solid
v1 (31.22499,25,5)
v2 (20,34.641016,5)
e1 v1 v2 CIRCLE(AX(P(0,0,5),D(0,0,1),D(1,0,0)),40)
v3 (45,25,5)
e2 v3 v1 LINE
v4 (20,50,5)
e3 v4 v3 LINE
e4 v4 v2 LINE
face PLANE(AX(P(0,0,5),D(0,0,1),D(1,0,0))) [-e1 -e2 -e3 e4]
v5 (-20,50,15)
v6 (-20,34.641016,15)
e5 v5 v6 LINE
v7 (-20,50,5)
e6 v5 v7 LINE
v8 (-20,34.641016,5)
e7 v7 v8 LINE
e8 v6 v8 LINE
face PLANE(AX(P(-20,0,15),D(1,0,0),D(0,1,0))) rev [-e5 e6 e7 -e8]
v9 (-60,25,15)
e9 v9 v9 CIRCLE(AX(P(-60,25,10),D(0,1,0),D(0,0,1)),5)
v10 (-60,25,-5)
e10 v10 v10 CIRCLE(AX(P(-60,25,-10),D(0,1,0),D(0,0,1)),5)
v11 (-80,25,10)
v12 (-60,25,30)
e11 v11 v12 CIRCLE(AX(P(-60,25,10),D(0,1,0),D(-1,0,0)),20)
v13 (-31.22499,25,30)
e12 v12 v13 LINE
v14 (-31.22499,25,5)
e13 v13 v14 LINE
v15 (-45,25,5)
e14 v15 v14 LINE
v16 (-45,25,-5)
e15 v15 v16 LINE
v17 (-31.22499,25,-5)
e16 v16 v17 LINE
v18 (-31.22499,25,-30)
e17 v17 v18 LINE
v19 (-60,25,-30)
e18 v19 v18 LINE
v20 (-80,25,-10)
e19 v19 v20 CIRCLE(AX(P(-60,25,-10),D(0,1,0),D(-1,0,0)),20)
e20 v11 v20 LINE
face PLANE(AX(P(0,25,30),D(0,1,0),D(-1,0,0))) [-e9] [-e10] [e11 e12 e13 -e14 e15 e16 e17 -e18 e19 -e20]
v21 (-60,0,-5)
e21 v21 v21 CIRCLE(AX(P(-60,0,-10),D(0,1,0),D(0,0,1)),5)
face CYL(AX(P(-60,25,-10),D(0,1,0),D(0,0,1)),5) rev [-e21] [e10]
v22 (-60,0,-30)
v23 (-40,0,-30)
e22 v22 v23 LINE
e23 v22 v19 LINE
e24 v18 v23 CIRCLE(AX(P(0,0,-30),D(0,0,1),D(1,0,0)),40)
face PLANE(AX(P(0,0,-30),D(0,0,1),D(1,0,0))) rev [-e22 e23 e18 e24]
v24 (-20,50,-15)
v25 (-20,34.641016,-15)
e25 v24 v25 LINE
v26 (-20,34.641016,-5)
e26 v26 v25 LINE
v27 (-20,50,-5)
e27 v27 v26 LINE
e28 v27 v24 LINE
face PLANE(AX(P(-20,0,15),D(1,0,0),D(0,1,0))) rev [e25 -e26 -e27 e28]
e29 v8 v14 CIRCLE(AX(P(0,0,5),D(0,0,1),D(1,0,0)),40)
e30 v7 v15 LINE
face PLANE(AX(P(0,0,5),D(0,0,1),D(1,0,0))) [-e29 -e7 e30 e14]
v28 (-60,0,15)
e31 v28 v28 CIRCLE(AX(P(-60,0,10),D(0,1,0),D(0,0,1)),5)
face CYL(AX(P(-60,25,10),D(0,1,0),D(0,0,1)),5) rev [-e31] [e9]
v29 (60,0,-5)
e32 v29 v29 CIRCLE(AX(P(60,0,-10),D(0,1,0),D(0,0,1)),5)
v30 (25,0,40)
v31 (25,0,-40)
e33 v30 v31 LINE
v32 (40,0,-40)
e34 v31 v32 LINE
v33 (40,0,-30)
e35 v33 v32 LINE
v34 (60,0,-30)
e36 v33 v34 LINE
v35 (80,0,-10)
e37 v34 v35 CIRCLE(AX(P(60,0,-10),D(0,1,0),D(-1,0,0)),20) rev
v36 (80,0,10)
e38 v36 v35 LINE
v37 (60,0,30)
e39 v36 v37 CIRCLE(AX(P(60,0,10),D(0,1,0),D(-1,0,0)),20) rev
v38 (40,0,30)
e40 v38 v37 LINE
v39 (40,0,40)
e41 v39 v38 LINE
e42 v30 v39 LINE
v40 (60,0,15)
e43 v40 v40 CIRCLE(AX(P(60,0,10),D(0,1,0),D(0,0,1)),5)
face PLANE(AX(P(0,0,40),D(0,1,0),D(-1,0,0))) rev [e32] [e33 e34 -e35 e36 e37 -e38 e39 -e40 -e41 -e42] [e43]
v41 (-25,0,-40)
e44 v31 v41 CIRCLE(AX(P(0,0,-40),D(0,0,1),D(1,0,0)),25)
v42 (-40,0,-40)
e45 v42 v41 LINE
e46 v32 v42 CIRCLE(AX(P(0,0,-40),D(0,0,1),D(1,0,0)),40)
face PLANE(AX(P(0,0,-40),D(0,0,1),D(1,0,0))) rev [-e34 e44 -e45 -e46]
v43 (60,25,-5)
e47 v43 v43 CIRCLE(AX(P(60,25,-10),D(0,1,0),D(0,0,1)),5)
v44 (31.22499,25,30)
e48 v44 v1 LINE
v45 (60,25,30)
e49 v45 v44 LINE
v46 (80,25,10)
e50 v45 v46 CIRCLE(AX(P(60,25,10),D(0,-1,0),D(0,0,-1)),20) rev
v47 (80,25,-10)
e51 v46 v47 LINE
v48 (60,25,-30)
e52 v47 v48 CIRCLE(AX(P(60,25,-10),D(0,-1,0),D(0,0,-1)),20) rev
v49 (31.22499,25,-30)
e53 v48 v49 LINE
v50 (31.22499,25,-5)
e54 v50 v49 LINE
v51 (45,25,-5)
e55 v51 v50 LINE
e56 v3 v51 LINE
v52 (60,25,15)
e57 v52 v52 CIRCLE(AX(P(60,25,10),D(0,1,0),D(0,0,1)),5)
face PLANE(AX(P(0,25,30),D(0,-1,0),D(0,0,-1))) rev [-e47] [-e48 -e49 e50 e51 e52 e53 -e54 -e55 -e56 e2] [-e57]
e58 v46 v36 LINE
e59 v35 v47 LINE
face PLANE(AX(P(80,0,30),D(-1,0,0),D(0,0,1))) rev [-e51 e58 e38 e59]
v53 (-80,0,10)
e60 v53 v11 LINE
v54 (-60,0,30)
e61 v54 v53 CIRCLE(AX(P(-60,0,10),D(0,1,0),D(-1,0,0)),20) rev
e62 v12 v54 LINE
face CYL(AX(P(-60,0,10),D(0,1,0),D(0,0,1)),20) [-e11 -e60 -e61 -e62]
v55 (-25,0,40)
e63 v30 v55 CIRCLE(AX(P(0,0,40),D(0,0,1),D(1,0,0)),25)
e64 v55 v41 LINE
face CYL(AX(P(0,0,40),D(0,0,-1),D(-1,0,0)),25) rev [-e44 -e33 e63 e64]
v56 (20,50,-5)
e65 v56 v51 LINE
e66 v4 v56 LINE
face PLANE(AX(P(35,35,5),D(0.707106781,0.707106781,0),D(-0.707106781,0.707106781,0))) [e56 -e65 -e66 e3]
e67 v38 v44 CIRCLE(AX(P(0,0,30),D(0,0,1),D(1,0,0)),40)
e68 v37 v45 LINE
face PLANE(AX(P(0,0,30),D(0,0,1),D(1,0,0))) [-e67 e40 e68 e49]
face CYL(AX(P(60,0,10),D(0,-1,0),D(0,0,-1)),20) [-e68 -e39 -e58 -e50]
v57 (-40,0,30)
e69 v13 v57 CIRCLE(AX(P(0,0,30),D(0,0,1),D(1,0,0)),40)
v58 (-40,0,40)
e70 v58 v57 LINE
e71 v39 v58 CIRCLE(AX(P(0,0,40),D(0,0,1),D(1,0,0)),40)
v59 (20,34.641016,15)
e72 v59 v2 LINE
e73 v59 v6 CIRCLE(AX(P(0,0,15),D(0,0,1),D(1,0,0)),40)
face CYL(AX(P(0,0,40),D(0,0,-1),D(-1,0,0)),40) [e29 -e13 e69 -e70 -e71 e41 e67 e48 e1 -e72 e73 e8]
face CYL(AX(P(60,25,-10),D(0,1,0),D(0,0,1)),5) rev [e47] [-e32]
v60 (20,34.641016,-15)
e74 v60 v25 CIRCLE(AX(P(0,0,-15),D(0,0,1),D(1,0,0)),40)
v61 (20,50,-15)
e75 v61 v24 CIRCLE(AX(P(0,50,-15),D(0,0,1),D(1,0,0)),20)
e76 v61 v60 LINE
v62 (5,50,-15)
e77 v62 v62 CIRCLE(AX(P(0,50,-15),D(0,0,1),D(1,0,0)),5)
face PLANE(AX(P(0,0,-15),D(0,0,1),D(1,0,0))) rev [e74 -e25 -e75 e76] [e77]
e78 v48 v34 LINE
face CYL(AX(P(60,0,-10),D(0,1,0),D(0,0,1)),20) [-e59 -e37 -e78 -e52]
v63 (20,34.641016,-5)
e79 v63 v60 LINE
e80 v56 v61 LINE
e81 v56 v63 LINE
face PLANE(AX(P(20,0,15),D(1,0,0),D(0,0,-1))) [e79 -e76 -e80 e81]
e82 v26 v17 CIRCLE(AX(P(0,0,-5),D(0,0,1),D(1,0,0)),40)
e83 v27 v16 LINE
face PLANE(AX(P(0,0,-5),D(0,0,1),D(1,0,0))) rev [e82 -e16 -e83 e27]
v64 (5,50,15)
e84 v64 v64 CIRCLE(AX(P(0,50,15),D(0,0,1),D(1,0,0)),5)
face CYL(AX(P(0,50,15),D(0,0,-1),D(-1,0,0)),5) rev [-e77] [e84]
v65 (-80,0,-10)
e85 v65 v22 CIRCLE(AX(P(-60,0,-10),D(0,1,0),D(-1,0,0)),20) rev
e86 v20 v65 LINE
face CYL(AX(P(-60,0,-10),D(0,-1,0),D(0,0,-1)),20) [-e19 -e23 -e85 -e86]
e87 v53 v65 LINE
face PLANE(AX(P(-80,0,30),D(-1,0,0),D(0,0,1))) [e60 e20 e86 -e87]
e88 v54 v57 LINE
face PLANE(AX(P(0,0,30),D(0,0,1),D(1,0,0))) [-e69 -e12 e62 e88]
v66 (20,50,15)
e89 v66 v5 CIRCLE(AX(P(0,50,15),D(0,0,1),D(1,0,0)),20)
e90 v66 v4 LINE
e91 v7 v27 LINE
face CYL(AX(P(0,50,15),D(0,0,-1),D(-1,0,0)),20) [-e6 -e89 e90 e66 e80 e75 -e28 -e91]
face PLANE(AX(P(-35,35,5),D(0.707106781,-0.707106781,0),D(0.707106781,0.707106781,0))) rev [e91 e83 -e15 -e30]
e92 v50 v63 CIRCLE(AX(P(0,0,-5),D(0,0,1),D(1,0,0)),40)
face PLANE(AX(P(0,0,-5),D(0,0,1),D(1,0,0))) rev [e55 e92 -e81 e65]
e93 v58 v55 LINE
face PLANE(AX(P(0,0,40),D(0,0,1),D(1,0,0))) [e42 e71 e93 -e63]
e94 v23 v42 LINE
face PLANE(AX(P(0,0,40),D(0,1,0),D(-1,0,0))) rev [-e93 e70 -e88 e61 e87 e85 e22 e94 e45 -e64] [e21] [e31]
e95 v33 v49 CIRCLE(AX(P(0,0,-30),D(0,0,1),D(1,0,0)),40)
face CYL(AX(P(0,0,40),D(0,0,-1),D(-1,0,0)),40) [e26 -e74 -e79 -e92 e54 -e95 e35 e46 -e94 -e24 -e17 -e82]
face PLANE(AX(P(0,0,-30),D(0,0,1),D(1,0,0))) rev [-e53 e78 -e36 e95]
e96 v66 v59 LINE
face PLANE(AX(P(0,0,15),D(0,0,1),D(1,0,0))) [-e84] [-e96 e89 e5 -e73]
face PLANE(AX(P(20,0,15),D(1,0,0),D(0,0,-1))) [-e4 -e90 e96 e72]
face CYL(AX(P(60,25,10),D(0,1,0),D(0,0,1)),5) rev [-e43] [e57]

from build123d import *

# Parameters (mm, degrees)
BOSS_EXTRUDE1_DEPTH        = 40
BOSS_EXTRUDE2_DEPTH        = 30
BOSS_EXTRUDE3_DEPTH        = 5
SKETCH1_6_R                = 5
BOSS_EXTRUDE4_DEPTH        = 15
F_10_0_10_DIAMETER_HOLE1_D = 10
FILLET2_R                  = 20


with BuildPart() as part:
    # Sketch1 → Boss-Extrude1 (new, symmetric)
    with BuildSketch(Plane.XY):
        with BuildLine():
            ThreePointArc((-31.224989992, 25), (-37.742546282, 13.247648854), (-40, 0))
            Line((-40, 0), (-25, 0))
            ThreePointArc((-25, 0), (0, 25), (25, 0))
            Line((25, 0), (40, 0))
            ThreePointArc((40, 0), (37.742546282, 13.247648854), (31.224989992, 25))
            ThreePointArc((31.224989992, 25), (26.062179457, 30.344073589), (20, 34.641016151))
            ThreePointArc((20, 34.641016151), (0, 40), (-20, 34.641016151))
            ThreePointArc((-20, 34.641016151), (-26.062179457, 30.344073589), (-31.224989992, 25))
        make_face()
    extrude(amount=BOSS_EXTRUDE1_DEPTH, both=True)

    # Sketch1<3> → Boss-Extrude2 (add, symmetric)
    with BuildSketch(Plane.XY):
        with BuildLine():
            Line((-80, 25), (-80, 0))
            Line((-80, 0), (-40, 0))
            ThreePointArc((-40, 0), (-37.742546282, 13.247648854), (-31.224989992, 25))
            Line((-31.224989992, 25), (-80, 25))
        make_face()
        with BuildLine():
            ThreePointArc((31.224989992, 25), (37.742546282, 13.247648854), (40, 0))
            Line((40, 0), (80, 0))
            Line((80, 0), (80, 25))
            Line((80, 25), (31.224989992, 25))
        make_face()
    extrude(amount=BOSS_EXTRUDE2_DEPTH, both=True)

    # Sketch1<5> → Boss-Extrude3 (add, symmetric)
    with BuildSketch(Plane.XY):
        with BuildLine():
            Line((-45, 25), (-31.224989992, 25))
            ThreePointArc((-31.224989992, 25), (-26.062179457, 30.344073589), (-20, 34.641016151))
            Line((-20, 34.641016151), (-20, 50))
            Line((-20, 50), (-45, 25))
        make_face()
        with BuildLine():
            Line((20, 50), (20, 34.641016151))
            ThreePointArc((20, 34.641016151), (26.062179457, 30.344073589), (31.224989992, 25))
            Line((31.224989992, 25), (45, 25))
            Line((45, 25), (20, 50))
        make_face()
    extrude(amount=BOSS_EXTRUDE3_DEPTH, both=True)

    # Sketch1<6> → Boss-Extrude4 (add, symmetric)
    with BuildSketch(Plane.XY):
        with BuildLine():
            Line((-20, 50), (-20, 34.641016151))
            ThreePointArc((-20, 34.641016151), (0, 40), (20, 34.641016151))
            Line((20, 34.641016151), (20, 50))
            ThreePointArc((20, 50), (0, 70), (-20, 50))
        make_face()
        with Locations((0, 50)):
            Circle(SKETCH1_6_R, mode=Mode.SUBTRACT)
    extrude(amount=BOSS_EXTRUDE4_DEPTH, both=True)

    # Ø10.0 (10) Diameter Hole1 (through all)
    with Locations(Plane(origin=(-60, 25, -10), x_dir=(1, 0, 0), z_dir=(0, 1, 0))):
        with Locations((0, 0), (0, -20), (120, -20), (120, 0)):
            Hole(F_10_0_10_DIAMETER_HOLE1_D / 2)

    # Fillet2
    fillet2_edges = [part.edges().sort_by_distance(p)[0] for p in [
        (80, 12.5, -30),
        (80, 12.5, 30),
        (-80, 12.5, 30),
        (-80, 12.5, -30),
    ]]
    fillet(fillet2_edges, radius=FILLET2_R)


solid = part.part
